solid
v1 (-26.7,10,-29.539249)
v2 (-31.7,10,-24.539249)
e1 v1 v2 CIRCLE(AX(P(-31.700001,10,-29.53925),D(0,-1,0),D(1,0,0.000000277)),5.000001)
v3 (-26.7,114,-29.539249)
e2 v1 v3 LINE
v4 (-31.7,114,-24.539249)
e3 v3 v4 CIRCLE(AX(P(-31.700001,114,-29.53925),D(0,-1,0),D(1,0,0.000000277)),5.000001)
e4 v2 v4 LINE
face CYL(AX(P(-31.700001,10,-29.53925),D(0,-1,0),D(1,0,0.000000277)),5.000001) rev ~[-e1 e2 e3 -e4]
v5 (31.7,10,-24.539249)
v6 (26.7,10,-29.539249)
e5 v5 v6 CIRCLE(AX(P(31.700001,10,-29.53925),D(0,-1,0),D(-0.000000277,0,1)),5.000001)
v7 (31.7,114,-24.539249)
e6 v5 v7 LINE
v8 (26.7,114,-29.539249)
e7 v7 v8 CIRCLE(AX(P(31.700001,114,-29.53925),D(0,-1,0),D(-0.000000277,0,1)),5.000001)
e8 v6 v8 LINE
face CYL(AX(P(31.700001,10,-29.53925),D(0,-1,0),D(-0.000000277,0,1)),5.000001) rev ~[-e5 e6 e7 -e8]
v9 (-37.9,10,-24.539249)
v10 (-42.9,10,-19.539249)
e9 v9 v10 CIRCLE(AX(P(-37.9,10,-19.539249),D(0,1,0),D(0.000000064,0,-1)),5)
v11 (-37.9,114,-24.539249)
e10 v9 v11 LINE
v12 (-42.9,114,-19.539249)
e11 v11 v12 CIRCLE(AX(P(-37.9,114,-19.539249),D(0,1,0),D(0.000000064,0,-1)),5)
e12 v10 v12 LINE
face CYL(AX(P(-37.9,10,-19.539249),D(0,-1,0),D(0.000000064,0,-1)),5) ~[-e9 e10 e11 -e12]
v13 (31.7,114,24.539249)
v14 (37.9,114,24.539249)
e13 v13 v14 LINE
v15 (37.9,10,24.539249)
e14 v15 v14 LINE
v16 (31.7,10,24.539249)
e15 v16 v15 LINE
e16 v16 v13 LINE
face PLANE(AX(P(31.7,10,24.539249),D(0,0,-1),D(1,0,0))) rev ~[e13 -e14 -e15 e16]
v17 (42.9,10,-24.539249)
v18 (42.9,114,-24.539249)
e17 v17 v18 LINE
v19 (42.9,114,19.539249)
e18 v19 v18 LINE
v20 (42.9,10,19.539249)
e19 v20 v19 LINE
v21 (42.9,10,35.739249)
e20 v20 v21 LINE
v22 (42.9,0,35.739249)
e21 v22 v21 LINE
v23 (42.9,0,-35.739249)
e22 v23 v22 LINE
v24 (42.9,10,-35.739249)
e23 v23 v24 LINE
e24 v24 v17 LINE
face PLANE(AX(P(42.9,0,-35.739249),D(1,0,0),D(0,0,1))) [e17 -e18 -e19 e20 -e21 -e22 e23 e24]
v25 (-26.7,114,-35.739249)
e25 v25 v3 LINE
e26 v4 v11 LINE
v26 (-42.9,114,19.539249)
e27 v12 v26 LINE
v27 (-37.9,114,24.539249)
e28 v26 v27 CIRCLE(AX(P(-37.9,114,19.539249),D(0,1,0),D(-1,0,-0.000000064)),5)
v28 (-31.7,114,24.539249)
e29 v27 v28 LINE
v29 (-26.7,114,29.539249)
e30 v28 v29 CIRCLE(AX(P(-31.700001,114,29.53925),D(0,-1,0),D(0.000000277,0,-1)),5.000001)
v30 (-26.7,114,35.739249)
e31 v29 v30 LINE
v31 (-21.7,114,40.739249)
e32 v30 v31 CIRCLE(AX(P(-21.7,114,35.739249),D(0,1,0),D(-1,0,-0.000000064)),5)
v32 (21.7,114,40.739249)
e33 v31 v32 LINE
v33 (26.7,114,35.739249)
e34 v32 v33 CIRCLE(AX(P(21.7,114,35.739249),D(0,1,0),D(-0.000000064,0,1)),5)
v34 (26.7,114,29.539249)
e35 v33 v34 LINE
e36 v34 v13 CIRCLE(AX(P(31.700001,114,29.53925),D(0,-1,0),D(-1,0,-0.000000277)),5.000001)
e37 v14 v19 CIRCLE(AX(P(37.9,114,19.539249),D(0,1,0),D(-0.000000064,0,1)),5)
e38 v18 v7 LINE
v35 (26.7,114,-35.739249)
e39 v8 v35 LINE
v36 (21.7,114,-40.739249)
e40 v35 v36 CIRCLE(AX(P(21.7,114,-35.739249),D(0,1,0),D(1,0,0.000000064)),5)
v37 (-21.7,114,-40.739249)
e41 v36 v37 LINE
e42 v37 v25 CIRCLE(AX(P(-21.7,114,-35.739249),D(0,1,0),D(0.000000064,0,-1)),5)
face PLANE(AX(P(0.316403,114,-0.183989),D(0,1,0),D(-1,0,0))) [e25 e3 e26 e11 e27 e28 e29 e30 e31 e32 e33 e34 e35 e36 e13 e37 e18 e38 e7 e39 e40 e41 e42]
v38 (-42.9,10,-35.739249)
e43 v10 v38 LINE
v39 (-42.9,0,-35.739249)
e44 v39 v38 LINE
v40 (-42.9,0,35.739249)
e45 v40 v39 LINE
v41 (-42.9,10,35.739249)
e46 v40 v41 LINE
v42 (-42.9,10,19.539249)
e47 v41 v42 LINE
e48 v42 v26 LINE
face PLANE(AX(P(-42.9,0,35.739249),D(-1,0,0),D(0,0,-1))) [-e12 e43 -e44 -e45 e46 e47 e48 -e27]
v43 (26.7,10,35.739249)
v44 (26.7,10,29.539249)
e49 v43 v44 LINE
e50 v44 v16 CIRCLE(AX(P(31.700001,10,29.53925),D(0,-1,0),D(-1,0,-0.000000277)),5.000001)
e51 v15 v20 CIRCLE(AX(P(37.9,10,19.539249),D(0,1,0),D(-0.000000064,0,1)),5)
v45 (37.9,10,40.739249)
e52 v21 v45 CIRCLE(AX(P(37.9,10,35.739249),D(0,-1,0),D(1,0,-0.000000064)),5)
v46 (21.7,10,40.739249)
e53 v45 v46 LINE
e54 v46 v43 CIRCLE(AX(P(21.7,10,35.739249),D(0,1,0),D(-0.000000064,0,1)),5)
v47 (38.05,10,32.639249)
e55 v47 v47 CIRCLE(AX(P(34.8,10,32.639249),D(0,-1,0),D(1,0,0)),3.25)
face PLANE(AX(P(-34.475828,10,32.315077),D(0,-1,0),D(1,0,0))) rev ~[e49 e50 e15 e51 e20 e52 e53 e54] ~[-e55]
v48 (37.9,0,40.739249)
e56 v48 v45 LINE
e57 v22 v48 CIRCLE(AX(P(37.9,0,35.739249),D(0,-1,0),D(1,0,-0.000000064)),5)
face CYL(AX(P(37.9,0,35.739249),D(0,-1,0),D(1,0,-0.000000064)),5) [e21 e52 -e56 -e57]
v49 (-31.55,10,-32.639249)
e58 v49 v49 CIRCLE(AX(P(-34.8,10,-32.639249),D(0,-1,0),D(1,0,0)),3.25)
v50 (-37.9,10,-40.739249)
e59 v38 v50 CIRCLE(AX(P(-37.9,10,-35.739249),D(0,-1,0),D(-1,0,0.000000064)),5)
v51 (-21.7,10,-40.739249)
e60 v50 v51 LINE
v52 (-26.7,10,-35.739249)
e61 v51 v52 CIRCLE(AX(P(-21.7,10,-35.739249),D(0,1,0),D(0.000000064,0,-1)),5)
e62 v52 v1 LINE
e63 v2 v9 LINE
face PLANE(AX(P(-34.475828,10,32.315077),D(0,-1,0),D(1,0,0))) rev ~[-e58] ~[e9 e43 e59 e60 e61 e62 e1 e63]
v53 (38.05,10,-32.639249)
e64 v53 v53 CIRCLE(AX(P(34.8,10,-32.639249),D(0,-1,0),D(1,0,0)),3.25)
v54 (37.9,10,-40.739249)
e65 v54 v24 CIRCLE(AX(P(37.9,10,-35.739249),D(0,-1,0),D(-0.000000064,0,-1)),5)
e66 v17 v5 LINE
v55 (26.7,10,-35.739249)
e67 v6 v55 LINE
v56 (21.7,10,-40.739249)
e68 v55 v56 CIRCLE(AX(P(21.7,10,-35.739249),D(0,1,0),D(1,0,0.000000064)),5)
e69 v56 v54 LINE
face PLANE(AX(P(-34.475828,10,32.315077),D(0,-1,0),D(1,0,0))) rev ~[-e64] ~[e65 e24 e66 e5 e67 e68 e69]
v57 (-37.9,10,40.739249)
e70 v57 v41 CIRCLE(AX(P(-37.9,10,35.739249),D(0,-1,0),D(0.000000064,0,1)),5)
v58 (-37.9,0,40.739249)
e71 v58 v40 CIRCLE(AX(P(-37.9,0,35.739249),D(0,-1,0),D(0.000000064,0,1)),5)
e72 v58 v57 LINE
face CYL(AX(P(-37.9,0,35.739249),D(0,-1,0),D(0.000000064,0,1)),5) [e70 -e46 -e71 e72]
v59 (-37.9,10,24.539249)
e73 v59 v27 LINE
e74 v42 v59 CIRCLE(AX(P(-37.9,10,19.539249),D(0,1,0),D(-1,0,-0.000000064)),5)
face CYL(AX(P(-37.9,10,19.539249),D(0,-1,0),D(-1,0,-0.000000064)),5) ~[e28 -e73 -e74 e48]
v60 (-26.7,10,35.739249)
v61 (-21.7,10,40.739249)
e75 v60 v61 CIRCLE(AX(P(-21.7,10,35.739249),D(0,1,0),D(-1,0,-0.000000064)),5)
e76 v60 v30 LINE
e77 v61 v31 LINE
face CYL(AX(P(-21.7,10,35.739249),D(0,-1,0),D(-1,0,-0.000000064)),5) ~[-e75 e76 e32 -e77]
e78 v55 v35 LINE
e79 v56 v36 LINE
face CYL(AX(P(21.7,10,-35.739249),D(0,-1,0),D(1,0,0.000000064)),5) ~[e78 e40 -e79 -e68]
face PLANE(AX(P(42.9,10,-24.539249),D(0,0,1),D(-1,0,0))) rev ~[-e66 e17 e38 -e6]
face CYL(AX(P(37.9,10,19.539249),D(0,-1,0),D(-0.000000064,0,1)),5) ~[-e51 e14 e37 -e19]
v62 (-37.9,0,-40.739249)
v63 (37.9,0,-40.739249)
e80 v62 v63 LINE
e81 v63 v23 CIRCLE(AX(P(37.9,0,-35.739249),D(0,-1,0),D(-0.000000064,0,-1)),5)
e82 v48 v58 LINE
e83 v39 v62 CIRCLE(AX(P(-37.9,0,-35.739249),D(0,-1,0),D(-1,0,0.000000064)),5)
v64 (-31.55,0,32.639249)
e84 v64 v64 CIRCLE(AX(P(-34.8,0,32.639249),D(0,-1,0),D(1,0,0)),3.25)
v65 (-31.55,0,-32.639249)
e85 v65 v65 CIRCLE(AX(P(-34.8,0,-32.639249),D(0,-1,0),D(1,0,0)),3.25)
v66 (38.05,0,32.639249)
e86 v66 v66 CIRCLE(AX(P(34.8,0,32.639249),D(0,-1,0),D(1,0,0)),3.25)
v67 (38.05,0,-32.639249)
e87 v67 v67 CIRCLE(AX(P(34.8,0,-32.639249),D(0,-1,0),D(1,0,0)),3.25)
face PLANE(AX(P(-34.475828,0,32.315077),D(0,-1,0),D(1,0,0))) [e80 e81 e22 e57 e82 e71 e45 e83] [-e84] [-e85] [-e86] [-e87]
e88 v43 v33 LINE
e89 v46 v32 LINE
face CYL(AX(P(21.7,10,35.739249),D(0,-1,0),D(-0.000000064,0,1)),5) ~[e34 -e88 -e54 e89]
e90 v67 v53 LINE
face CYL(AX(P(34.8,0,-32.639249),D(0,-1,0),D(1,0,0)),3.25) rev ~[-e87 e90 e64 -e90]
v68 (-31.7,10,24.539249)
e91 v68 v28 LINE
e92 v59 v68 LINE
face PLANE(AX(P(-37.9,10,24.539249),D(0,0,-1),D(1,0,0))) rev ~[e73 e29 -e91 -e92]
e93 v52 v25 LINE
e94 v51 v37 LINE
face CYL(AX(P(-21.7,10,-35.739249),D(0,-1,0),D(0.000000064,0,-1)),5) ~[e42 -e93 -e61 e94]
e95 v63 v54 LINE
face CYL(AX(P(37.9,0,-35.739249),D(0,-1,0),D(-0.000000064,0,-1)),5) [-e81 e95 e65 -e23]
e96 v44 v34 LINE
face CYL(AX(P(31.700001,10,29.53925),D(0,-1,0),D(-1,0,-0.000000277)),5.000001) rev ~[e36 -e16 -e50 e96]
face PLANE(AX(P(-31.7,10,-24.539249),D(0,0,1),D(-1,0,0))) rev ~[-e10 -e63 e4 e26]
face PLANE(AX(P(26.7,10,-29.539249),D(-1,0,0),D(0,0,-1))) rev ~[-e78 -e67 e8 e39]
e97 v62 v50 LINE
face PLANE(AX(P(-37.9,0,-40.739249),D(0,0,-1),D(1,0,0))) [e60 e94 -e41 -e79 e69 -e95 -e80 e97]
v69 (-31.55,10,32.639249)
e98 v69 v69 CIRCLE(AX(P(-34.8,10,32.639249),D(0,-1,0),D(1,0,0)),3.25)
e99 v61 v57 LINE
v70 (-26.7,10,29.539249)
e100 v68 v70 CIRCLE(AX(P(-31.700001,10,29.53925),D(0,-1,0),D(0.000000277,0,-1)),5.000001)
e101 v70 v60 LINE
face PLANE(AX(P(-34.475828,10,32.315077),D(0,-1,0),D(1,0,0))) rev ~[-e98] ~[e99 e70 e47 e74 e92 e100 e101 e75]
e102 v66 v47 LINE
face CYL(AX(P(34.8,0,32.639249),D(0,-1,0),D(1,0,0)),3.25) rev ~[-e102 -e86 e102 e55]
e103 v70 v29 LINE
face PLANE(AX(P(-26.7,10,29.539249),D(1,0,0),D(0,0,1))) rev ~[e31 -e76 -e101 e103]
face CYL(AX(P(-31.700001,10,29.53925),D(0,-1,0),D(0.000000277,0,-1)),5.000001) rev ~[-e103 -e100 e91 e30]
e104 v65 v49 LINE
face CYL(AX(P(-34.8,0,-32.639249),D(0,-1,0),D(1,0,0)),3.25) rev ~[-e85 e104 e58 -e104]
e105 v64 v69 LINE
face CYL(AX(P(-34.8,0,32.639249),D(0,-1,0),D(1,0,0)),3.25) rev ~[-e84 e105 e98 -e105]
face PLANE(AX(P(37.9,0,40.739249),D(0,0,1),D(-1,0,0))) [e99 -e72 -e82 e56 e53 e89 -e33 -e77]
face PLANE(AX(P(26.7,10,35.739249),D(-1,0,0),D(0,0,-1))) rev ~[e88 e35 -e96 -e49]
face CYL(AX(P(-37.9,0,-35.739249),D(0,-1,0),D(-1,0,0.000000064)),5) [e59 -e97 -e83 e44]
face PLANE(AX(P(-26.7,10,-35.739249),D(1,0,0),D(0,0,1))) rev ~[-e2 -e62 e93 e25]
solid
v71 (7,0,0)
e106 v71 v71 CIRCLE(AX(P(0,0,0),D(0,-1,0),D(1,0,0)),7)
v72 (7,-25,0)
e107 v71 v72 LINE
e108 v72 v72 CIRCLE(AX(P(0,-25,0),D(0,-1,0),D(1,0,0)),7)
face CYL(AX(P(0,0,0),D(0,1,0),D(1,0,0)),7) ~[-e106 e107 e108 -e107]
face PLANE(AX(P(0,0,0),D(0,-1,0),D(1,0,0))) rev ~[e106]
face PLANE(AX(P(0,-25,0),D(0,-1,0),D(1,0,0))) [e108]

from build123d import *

# Parameters (mm, degrees)
F0_R     = 3.25
F0_R_2   = 30
F0_R_3   = 7
F1_DEPTH = 10
F2_R     = 30
F2_R_2   = 7
F3_DEPTH = 104
F4_DEPTH = 114.001
F5_DEPTH = 25


with BuildPart() as f1:
    # F0 (on Front) → F1 (new body)
    with BuildSketch(Plane.XZ):
        with BuildLine():
            Line((-42.9, 35.739249), (-42.9, 24.539249))
            Line((-42.9, 24.539249), (-26.7, 24.539249))
            Line((-26.7, 24.539249), (-26.7, 40.739249))
            Line((-26.7, 40.739249), (-37.9, 40.739249))
            ThreePointArc((-37.9, 40.739249), (-41.435534, 39.274783), (-42.9, 35.739249))
        make_face()
        with Locations((-34.8, 32.639249)):
            Circle(F0_R, mode=Mode.SUBTRACT)
        with Locations((-34.8, 32.639249)):
            Circle(F0_R)
        Polygon((-26.7, -40.739249), (26.7, -40.739249), (26.7, -24.539249), (42.9, -24.539249), (42.9, 24.539249), (26.7, 24.539249), (26.7, 40.739249), (-26.7, 40.739249), (-26.7, 24.539249), (-42.9, 24.539249), (-42.9, -24.539249), (-26.7, -24.539249), align=None)
        Circle(F0_R_2, mode=Mode.SUBTRACT)
        with BuildLine():
            Line((26.7, 24.539249), (42.9, 24.539249))
            Line((42.9, 24.539249), (42.9, 35.739249))
            ThreePointArc((42.9, 35.739249), (41.435534, 39.274783), (37.9, 40.739249))
            Line((37.9, 40.739249), (26.7, 40.739249))
            Line((26.7, 40.739249), (26.7, 24.539249))
        make_face()
        with Locations((34.8, 32.639249)):
            Circle(F0_R, mode=Mode.SUBTRACT)
        with Locations((34.8, 32.639249)):
            Circle(F0_R)
        Circle(F0_R_2)
        Circle(F0_R_3, mode=Mode.SUBTRACT)
        Circle(F0_R_3)
        with Locations((-34.8, -32.639249)):
            Circle(F0_R)
        with BuildLine():
            Line((-37.9, -40.739249), (-26.7, -40.739249))
            Line((-26.7, -40.739249), (-26.7, -24.539249))
            Line((-26.7, -24.539249), (-42.9, -24.539249))
            Line((-42.9, -24.539249), (-42.9, -35.739249))
            ThreePointArc((-42.9, -35.739249), (-41.435534, -39.274783), (-37.9, -40.739249))
        make_face()
        with Locations((-34.8, -32.639249)):
            Circle(F0_R, mode=Mode.SUBTRACT)
        with BuildLine():
            Line((26.7, -40.739249), (37.9, -40.739249))
            ThreePointArc((37.9, -40.739249), (41.435534, -39.274783), (42.9, -35.739249))
            Line((42.9, -35.739249), (42.9, -24.539249))
            Line((42.9, -24.539249), (26.7, -24.539249))
            Line((26.7, -24.539249), (26.7, -40.739249))
        make_face()
        with Locations((34.8, -32.639249)):
            Circle(F0_R, mode=Mode.SUBTRACT)
        with Locations((34.8, -32.639249)):
            Circle(F0_R)
    extrude(amount=-F1_DEPTH)

    # F2 (on face) → F3 (join)
    with BuildSketch(Plane(origin=(0, 10, 0), x_dir=(-1, 0, 0), z_dir=(0, 1, 0))):
        with BuildLine():
            ThreePointArc((-26.7, -35.739249), (-25.235534, -39.274783), (-21.7, -40.739249))
            Line((-21.7, -40.739249), (21.7, -40.739249))
            ThreePointArc((21.7, -40.739249), (25.235534, -39.274783), (26.7, -35.739249))
            Line((26.7, -35.739249), (26.7, -29.539249))
            ThreePointArc((26.7, -29.539249), (28.164466, -26.003716), (31.7, -24.539249))
            Line((31.7, -24.539249), (37.9, -24.539249))
            ThreePointArc((37.9, -24.539249), (41.435534, -23.074783), (42.9, -19.539249))
            Line((42.9, -19.539249), (42.9, 19.539249))
            ThreePointArc((42.9, 19.539249), (41.435534, 23.074783), (37.9, 24.539249))
            Line((37.9, 24.539249), (31.7, 24.539249))
            ThreePointArc((31.7, 24.539249), (28.164466, 26.003716), (26.7, 29.539249))
            Line((26.7, 29.539249), (26.7, 35.739249))
            ThreePointArc((26.7, 35.739249), (25.235534, 39.274783), (21.7, 40.739249))
            Line((21.7, 40.739249), (-21.7, 40.739249))
            ThreePointArc((-21.7, 40.739249), (-25.235534, 39.274783), (-26.7, 35.739249))
            Line((-26.7, 35.739249), (-26.7, 29.539249))
            ThreePointArc((-26.7, 29.539249), (-28.164466, 26.003716), (-31.7, 24.539249))
            Line((-31.7, 24.539249), (-37.9, 24.539249))
            ThreePointArc((-37.9, 24.539249), (-41.435534, 23.074783), (-42.9, 19.539249))
            Line((-42.9, 19.539249), (-42.9, -24.539249))
            Line((-42.9, -24.539249), (-31.7, -24.539249))
            ThreePointArc((-31.7, -24.539249), (-28.164466, -26.003716), (-26.7, -29.539249))
            Line((-26.7, -29.539249), (-26.7, -35.739249))
        make_face()
        Circle(F2_R, mode=Mode.SUBTRACT)
        Circle(F2_R)
        Circle(F2_R_2, mode=Mode.SUBTRACT)
        Circle(F2_R_2)
    extrude(amount=F3_DEPTH)

    # F0 (on Front) → F4 (cut, through all)
    with BuildSketch(Plane.XZ):
        with Locations((34.8, 32.639249)):
            Circle(F0_R)
        with Locations((-34.8, 32.639249)):
            Circle(F0_R)
        with Locations((-34.8, -32.639249)):
            Circle(F0_R)
        with Locations((34.8, -32.639249)):
            Circle(F0_R)
    extrude(amount=-F4_DEPTH, mode=Mode.SUBTRACT)


with BuildPart() as f5:
    # F0 (on Front) → F5 (new body)
    with BuildSketch(Plane.XZ):
        Circle(F0_R_3)
    extrude(amount=F5_DEPTH)


solid = Compound([f1.part, f5.part])
